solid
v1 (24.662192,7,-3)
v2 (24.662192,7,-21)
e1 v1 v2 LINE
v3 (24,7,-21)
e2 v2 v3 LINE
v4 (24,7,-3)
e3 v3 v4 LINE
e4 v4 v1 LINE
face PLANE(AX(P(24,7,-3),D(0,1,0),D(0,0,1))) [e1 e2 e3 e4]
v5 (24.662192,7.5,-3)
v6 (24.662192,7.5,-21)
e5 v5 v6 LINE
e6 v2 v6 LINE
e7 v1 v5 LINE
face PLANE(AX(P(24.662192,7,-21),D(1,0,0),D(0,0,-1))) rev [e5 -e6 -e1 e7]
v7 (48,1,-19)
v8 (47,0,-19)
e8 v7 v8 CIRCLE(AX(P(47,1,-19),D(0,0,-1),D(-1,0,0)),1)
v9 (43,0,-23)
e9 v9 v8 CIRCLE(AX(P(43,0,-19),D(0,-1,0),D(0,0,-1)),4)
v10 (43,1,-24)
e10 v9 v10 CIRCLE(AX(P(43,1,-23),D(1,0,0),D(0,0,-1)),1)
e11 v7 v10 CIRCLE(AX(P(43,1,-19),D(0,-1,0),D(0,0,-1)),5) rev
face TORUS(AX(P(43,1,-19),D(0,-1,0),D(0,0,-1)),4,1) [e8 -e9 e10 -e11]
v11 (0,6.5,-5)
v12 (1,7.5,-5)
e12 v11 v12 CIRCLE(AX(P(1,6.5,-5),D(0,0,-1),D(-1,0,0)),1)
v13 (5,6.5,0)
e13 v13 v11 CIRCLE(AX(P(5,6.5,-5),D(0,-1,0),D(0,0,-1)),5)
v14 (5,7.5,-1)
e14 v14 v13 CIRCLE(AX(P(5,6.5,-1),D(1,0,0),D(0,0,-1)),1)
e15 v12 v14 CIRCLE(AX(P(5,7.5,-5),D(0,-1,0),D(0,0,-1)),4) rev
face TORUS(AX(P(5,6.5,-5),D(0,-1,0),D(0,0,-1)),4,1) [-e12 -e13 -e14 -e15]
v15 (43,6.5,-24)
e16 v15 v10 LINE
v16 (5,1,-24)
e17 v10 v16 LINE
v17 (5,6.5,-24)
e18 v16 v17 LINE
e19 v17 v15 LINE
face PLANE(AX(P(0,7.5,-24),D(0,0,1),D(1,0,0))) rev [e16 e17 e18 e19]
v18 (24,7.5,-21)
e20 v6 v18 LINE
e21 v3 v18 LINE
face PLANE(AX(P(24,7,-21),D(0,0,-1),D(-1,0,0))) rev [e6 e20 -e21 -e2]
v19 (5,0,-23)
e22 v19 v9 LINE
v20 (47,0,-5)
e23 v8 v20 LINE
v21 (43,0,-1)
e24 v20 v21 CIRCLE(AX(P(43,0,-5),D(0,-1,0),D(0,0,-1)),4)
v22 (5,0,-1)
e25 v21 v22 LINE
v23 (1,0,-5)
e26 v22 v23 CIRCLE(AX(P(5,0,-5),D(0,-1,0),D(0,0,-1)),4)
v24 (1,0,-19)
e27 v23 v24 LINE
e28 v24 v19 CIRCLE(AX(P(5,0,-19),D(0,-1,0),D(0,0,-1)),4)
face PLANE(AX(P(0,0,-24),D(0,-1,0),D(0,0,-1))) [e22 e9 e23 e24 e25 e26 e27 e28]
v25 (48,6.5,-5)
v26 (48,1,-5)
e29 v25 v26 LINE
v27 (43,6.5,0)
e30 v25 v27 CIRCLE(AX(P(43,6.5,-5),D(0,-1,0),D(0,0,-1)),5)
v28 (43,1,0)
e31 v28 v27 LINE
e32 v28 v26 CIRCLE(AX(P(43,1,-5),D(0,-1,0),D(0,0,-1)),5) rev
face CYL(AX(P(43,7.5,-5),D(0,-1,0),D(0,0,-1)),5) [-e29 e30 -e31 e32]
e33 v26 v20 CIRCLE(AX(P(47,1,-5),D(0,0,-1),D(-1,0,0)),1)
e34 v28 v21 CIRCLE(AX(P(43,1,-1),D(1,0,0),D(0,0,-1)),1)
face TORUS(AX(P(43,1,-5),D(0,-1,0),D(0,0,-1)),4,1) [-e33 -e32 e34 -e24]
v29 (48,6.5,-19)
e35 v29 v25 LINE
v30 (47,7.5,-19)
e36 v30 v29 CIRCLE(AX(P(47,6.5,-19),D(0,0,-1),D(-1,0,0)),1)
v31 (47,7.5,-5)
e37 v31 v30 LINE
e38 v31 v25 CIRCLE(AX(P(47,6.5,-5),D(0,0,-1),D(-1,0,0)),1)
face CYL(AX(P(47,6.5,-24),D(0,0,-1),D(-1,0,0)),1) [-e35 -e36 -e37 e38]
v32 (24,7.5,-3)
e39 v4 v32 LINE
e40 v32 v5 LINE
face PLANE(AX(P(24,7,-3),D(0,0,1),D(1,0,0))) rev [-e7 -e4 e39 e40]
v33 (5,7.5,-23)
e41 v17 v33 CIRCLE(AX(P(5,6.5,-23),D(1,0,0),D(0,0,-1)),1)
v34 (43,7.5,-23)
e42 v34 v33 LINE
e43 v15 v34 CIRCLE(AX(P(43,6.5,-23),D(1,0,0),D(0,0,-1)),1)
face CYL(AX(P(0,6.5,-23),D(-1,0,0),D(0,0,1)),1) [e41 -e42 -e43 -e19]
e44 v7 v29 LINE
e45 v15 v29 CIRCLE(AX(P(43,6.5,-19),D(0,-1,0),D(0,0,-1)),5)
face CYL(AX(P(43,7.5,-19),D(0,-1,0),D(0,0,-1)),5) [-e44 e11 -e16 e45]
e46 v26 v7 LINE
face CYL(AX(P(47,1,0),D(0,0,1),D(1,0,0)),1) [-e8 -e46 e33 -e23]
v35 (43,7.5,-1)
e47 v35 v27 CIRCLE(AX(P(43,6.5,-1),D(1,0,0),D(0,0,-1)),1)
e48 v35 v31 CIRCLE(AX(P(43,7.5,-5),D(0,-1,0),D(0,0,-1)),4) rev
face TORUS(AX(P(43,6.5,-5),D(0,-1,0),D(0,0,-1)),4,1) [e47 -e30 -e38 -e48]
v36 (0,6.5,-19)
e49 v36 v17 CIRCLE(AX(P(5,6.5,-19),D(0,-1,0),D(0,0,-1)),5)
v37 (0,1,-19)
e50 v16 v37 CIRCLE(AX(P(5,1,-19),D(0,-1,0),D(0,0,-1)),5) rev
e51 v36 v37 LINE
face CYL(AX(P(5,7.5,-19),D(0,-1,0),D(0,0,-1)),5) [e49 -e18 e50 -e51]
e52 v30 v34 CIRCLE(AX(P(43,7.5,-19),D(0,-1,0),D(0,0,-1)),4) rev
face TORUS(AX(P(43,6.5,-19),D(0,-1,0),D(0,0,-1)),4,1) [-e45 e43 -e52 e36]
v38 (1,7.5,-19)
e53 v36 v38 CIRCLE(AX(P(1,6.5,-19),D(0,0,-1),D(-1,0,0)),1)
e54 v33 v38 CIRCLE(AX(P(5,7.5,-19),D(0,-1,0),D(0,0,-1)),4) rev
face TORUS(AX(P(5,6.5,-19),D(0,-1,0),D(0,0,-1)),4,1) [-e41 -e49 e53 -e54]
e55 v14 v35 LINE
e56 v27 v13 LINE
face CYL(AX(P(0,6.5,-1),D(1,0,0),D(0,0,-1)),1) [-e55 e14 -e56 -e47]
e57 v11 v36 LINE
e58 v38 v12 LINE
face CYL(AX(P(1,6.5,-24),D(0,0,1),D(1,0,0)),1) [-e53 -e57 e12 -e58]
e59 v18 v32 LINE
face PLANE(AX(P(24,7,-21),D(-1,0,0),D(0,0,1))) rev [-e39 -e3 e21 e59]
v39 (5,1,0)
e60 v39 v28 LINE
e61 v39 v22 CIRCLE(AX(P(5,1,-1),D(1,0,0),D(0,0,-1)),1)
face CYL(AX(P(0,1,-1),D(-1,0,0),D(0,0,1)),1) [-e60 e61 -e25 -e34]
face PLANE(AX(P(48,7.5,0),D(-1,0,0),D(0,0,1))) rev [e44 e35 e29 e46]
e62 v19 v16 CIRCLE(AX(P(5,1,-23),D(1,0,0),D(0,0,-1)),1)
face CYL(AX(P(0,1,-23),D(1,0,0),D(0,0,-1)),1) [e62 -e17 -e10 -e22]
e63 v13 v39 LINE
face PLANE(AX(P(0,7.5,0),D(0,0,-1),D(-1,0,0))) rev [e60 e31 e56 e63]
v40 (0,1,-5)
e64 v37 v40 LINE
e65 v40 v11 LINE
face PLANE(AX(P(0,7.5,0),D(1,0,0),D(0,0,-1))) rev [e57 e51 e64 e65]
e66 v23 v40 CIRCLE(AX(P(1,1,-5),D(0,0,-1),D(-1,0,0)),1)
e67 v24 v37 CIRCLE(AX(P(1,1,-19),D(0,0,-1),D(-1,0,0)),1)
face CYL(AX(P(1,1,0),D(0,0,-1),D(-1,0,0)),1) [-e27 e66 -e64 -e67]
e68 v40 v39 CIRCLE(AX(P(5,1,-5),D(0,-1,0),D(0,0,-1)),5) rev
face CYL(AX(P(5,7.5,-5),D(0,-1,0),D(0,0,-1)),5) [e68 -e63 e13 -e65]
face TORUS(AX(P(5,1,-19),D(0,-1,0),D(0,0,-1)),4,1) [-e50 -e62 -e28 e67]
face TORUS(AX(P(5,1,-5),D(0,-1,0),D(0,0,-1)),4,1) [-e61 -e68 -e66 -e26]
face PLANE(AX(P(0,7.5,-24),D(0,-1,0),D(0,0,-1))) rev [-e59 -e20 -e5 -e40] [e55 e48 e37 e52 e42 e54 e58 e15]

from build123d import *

# Parameters (mm, degrees)
ESQUISSE1_W      = 48
ESQUISSE1_H      = 24
EXTRUSION1_DEPTH = 7.5
CONG_2_R         = 5
CONG_5_R         = 1
CONG_6_R         = 1
ESQUISSE3_W      = 0.662191978
ESQUISSE3_H      = 18
EXTRUSION2_DEPTH = 0.5


with BuildPart() as part:
    # Esquisse1 → Extrusion1 (new body)
    with BuildSketch(Plane(origin=(0, 0, 0), x_dir=(1, 0, 0), z_dir=(0, 1, 0))):
        with Locations((24, 12)):
            Rectangle(ESQUISSE1_W, ESQUISSE1_H)
    extrude(amount=EXTRUSION1_DEPTH)

    # Congé2
    cong_2_edges = [part.edges().sort_by_distance(p)[0] for p in [
        (0, 3.75, -24),
        (48, 3.75, -24),
        (48, 3.75, 0),
        (0, 3.75, 0),
    ]]
    fillet(cong_2_edges, radius=CONG_2_R)

    # Congé5
    cong_5_edges = [part.edges().sort_by_distance(p)[0] for p in [
        (48, 7.5, -12),
        (24, 7.5, 0),
        (0, 7.5, -12),
        (24, 7.5, -24),
        (1.464466094, 7.5, -22.535533906),
        (1.464466094, 7.5, -1.464466094),
        (46.535533906, 7.5, -22.535533906),
        (46.535533906, 7.5, -1.464466094),
    ]]
    fillet(cong_5_edges, radius=CONG_5_R)

    # Congé6
    cong_6_edges = [part.edges().sort_by_distance(p)[0] for p in [
        (48, 0, -12),
        (0, 0, -12),
        (24, 0, -24),
        (24, 0, 0),
        (1.464466094, 0, -22.535533906),
        (1.464466094, 0, -1.464466094),
        (46.535533906, 0, -22.535533906),
        (46.535533906, 0, -1.464466094),
    ]]
    fillet(cong_6_edges, radius=CONG_6_R)

    # Esquisse3 → Extrusion2 (cut)
    with BuildSketch(Plane(origin=(0, 7.5, 0), x_dir=(1, 0, 0), z_dir=(0, 1, 0))):
        with Locations((24.331095989, 12)):
            Rectangle(ESQUISSE3_W, ESQUISSE3_H)
    extrude(amount=-EXTRUSION2_DEPTH, mode=Mode.SUBTRACT)


solid = part.part
